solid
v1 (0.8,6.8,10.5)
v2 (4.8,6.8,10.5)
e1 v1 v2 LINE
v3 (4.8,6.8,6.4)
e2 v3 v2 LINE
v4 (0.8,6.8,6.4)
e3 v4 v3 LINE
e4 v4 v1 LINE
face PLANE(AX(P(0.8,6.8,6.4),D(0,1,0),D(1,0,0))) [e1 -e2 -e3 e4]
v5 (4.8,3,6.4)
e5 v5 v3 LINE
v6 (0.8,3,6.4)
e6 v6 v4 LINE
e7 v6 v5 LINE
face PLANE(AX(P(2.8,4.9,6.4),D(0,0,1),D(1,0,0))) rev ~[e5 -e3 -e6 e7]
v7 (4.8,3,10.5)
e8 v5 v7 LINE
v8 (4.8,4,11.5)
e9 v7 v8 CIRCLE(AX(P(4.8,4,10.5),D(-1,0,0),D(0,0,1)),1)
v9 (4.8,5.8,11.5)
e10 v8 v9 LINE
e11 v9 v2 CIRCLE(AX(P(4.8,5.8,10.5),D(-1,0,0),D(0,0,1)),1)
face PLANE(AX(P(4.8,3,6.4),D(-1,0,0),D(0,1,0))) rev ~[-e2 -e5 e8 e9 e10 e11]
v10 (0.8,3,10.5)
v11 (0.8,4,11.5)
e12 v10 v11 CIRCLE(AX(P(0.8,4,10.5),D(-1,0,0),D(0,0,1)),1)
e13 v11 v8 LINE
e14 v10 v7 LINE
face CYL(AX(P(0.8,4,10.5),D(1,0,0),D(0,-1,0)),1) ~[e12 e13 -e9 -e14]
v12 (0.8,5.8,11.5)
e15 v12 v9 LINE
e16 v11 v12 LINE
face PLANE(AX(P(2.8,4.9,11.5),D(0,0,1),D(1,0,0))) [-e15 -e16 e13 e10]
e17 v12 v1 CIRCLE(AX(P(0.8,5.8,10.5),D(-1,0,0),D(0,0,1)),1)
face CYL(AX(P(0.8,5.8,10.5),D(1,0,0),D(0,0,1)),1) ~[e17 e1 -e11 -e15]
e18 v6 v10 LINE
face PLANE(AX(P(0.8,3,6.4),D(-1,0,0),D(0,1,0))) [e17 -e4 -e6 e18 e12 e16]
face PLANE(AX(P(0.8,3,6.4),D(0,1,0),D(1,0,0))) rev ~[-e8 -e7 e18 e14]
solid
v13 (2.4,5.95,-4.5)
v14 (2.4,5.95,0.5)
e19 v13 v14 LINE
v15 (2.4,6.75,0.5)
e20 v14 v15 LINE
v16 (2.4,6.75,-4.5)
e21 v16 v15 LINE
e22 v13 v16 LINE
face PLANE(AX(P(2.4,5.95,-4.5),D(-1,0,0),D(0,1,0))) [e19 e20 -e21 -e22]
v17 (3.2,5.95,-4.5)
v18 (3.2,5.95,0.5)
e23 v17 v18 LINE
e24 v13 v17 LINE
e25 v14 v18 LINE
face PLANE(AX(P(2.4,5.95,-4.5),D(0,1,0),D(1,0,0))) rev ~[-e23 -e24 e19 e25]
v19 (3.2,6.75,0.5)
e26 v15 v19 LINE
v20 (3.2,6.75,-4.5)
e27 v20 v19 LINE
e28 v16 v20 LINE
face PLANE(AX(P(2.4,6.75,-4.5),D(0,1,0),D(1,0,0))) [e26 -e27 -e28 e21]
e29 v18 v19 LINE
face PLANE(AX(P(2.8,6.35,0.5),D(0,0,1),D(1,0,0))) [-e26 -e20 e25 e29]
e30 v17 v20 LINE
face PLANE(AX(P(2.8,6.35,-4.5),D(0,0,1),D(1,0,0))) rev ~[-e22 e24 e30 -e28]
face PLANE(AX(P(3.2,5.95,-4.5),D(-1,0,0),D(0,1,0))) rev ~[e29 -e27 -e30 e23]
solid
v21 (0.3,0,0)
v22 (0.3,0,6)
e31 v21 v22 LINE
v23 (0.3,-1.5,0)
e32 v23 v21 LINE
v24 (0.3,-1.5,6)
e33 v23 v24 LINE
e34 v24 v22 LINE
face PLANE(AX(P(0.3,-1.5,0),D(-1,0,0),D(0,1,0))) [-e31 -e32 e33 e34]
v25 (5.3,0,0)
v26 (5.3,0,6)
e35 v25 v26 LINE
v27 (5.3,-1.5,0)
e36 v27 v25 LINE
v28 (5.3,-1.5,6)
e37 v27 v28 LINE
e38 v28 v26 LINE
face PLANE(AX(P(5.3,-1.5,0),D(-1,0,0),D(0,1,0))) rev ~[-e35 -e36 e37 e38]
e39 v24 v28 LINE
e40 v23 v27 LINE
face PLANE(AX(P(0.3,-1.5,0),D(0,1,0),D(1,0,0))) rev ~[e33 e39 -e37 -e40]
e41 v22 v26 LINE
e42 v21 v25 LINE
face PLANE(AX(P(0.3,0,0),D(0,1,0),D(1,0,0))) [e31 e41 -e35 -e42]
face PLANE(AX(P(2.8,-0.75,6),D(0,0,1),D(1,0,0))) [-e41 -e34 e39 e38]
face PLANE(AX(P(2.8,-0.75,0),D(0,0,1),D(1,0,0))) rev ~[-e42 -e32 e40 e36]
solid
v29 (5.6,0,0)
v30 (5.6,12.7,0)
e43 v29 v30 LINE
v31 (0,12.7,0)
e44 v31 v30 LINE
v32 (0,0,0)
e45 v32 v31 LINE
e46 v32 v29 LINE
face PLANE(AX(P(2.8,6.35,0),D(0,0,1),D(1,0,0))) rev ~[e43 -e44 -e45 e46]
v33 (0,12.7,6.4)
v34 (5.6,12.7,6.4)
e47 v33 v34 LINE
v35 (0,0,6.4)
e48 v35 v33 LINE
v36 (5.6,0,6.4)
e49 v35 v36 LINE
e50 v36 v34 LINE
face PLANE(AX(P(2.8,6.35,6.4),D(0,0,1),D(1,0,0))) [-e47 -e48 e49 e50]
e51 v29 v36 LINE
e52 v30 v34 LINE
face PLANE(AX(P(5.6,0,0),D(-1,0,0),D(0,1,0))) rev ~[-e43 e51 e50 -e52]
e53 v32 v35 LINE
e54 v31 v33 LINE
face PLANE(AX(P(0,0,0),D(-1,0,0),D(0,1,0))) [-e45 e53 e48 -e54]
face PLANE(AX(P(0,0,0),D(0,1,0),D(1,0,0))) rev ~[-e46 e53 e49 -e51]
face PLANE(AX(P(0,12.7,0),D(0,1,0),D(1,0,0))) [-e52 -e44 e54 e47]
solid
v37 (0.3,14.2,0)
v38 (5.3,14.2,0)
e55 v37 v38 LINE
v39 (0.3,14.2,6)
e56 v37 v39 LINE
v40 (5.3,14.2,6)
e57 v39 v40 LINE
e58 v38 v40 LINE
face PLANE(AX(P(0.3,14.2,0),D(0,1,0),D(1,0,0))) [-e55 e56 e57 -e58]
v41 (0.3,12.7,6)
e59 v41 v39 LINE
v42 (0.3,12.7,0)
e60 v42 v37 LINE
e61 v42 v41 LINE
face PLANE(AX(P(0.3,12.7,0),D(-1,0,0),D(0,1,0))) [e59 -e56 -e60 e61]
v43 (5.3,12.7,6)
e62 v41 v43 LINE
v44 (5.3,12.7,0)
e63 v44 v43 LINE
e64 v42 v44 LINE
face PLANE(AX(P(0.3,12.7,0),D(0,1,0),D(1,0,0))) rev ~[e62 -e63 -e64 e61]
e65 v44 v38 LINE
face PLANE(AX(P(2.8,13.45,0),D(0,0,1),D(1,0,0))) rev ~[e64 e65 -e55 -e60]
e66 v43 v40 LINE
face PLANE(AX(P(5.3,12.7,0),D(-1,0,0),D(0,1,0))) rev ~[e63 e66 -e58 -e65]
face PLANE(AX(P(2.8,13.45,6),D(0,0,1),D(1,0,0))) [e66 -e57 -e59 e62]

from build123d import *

# Parameters (mm, degrees)
BOX_W        = 5.6
BOX_H        = 12.7
BOX_DEPTH    = 6.4
BOX001_W     = 4
BOX001_H     = 3.8
BOX001_DEPTH = 5.1
FILLET_R     = 1
FILLET001_R  = 1
BOX002_W     = 0.8
BOX002_H     = 0.8
BOX002_DEPTH = 5
BOX003_W     = 5
BOX003_H     = 1.5
BOX003_DEPTH = 6
BOX004_W     = 5
BOX004_H     = 1.5
BOX004_DEPTH = 6


with BuildPart() as cube:
    # Box → Box (new body)
    with BuildSketch(Plane.XY):
        with Locations((2.8, 6.35)):
            Rectangle(BOX_W, BOX_H)
    extrude(amount=BOX_DEPTH)


with BuildPart() as fillet001:
    # Box001 → Box001 (new body)
    with BuildSketch(Plane(origin=(0.8, 3, 6.4), x_dir=(1, 0, 0), z_dir=(0, 0, 1))):
        with Locations((2, 1.9)):
            Rectangle(BOX001_W, BOX001_H)
    extrude(amount=BOX001_DEPTH)

    # Fillet
    fillet_edges = [fillet001.edges().sort_by_distance(p)[0] for p in [
        (2.8, 3, 11.5),
    ]]
    fillet(fillet_edges, radius=FILLET_R)

    # Fillet001
    fillet001_edges = [fillet001.edges().sort_by_distance(p)[0] for p in [
        (2.8, 6.8, 11.5),
    ]]
    fillet(fillet001_edges, radius=FILLET001_R)


with BuildPart() as cube002:
    # Box002 → Box002 (new body)
    with BuildSketch(Plane(origin=(2.4, 5.95, -4.5), x_dir=(1, 0, 0), z_dir=(0, 0, 1))):
        with Locations((0.4, 0.4)):
            Rectangle(BOX002_W, BOX002_H)
    extrude(amount=BOX002_DEPTH)


with BuildPart() as cube003:
    # Box003 → Box003 (new body)
    with BuildSketch(Plane(origin=(0.3, 12.7, 0), x_dir=(1, 0, 0), z_dir=(0, 0, 1))):
        with Locations((2.5, 0.75)):
            Rectangle(BOX003_W, BOX003_H)
    extrude(amount=BOX003_DEPTH)


with BuildPart() as cube004:
    # Box004 → Box004 (new body)
    with BuildSketch(Plane(origin=(0.3, -1.5, 0), x_dir=(1, 0, 0), z_dir=(0, 0, 1))):
        with Locations((2.5, 0.75)):
            Rectangle(BOX004_W, BOX004_H)
    extrude(amount=BOX004_DEPTH)


solid = Compound([cube.part, fillet001.part, cube002.part, cube003.part, cube004.part])
